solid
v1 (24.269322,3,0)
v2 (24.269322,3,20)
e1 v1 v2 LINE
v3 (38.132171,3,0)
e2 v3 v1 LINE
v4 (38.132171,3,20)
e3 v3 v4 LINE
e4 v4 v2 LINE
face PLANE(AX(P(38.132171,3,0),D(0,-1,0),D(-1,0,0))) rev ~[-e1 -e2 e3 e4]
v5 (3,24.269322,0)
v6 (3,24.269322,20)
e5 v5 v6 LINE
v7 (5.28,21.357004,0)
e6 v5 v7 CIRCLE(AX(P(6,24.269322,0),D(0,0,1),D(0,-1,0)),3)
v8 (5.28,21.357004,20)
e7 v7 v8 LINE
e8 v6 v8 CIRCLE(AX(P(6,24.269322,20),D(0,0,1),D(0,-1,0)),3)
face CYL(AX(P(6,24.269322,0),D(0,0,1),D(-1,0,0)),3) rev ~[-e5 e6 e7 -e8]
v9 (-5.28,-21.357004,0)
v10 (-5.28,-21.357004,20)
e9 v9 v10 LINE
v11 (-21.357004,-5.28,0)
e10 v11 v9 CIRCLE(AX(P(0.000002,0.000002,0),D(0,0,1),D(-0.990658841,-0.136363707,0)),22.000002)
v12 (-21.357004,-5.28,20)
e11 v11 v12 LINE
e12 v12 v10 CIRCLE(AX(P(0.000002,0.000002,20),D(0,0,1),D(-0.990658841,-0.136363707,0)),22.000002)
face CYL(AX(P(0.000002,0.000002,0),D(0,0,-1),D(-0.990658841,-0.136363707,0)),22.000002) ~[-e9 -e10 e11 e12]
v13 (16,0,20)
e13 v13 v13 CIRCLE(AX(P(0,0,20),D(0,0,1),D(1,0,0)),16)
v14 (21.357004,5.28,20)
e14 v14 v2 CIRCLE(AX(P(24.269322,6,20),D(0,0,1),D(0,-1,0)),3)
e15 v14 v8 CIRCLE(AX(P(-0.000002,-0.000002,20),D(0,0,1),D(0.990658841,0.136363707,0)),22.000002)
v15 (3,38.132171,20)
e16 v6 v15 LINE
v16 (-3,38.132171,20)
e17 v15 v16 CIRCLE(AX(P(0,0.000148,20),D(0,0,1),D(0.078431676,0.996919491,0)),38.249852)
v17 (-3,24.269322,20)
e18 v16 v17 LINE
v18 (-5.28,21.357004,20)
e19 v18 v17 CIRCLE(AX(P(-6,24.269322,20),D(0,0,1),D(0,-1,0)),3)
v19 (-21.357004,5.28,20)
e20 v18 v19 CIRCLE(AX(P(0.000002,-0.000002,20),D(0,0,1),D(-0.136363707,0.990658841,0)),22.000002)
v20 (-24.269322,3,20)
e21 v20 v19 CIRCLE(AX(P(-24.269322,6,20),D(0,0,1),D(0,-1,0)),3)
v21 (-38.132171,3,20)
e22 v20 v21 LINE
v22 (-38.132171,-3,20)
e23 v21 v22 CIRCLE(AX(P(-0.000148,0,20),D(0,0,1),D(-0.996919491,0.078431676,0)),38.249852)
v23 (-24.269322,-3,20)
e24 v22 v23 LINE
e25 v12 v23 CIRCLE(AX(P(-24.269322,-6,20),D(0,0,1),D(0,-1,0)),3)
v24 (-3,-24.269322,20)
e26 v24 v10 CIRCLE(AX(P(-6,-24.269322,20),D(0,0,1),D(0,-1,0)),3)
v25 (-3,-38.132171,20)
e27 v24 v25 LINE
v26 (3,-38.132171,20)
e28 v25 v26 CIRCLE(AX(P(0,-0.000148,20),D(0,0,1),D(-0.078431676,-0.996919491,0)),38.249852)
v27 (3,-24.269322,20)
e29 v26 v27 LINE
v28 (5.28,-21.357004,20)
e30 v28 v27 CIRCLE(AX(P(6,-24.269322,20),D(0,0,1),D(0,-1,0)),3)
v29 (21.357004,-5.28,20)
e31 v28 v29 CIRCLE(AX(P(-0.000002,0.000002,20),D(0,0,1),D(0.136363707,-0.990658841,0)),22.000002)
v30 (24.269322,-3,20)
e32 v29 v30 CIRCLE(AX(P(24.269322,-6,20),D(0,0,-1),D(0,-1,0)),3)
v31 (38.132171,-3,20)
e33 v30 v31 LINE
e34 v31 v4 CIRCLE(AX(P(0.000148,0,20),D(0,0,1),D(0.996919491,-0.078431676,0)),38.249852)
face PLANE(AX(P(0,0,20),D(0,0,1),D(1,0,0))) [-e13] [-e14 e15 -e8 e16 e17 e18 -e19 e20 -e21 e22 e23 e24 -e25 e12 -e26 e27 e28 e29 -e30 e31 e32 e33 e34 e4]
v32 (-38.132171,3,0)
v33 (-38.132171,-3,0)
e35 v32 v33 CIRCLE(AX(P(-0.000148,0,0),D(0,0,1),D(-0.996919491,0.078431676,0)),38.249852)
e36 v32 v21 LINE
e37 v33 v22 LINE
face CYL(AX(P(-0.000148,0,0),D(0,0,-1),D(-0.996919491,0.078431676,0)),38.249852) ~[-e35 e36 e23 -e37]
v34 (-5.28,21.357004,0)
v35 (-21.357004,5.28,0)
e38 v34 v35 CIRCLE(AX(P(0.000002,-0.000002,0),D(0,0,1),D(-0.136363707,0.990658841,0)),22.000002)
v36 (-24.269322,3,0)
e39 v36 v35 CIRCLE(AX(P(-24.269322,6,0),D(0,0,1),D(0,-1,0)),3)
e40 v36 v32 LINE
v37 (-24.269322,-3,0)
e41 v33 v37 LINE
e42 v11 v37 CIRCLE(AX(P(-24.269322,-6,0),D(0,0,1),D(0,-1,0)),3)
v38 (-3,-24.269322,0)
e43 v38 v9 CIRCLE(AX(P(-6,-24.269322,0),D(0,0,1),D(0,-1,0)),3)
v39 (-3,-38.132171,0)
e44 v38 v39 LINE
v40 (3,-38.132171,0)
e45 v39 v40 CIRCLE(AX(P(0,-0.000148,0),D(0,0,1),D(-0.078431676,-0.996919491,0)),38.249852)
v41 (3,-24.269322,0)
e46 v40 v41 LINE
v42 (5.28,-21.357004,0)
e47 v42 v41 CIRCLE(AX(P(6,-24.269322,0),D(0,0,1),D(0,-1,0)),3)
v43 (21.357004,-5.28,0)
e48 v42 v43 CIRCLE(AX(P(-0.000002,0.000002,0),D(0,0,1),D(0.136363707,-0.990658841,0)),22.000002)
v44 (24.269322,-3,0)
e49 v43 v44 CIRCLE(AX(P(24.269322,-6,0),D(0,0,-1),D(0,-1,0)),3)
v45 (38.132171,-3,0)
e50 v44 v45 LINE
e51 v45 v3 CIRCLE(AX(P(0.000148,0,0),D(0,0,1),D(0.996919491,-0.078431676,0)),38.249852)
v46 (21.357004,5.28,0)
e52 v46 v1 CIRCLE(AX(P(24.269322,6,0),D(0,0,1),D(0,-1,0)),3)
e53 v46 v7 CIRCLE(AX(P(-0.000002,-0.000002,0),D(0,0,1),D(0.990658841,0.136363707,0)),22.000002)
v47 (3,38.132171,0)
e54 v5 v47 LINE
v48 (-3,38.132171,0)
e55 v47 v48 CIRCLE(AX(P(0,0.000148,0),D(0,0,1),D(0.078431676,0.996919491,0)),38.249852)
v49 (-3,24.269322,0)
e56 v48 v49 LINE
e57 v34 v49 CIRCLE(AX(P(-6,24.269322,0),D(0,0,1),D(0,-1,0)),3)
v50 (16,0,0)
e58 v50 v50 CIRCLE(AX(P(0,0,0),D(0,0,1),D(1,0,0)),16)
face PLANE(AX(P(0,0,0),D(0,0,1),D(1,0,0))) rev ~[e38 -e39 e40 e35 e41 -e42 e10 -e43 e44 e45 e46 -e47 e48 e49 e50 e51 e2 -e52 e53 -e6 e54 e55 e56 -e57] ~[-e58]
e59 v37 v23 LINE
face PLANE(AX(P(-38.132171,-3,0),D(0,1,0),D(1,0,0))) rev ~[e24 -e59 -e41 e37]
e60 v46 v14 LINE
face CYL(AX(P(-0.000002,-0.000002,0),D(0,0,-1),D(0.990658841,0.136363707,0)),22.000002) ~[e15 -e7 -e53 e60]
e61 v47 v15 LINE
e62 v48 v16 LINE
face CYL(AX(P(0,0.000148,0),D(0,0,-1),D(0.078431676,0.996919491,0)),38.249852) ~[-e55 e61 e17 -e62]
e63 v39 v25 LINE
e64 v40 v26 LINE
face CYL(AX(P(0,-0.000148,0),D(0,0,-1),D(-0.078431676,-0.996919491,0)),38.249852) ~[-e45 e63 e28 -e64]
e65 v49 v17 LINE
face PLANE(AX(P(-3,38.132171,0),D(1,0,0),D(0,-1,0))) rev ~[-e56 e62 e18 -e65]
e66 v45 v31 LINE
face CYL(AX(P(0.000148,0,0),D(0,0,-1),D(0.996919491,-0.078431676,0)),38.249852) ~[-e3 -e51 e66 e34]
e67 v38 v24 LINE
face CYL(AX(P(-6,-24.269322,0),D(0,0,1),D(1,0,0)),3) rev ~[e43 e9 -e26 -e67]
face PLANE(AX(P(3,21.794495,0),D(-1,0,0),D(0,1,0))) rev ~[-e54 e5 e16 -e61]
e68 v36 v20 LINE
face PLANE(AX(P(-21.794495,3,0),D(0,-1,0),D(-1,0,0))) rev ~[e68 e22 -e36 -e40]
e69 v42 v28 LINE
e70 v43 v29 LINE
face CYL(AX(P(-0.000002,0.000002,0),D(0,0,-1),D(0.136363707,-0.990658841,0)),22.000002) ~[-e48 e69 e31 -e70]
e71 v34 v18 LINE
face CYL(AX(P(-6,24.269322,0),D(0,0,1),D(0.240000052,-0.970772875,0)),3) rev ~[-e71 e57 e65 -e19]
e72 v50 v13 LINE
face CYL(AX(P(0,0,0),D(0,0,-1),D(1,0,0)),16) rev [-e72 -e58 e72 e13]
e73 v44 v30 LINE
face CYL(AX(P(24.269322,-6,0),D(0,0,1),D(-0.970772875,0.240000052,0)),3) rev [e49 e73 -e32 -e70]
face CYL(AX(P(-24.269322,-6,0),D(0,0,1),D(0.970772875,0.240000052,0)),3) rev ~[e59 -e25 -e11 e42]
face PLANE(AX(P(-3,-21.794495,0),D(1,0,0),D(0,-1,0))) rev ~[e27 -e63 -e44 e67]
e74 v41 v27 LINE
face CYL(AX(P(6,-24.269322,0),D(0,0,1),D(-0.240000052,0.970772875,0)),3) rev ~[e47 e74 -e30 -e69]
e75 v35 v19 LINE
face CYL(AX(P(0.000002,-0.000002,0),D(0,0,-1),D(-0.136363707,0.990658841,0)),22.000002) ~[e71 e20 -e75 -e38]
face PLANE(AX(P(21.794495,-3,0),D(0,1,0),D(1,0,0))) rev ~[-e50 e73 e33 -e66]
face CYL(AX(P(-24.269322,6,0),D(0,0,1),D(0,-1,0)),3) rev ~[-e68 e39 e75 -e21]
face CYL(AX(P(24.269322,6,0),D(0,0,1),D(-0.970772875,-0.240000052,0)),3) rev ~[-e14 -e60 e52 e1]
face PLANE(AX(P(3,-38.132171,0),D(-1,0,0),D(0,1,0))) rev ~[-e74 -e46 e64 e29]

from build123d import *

# Parameters (mm, degrees)
SKETCH_R    = 16
PAD_DEPTH   = 20
FILLET_R    = 3
FILLET001_R = 3
FILLET002_R = 3
FILLET003_R = 3
FILLET004_R = 3
FILLET005_R = 3
FILLET006_R = 3
FILLET007_R = 3


with BuildPart() as part:
    # Sketch → Pad (new body)
    with BuildSketch(Plane.XY):
        with BuildLine():
            ThreePointArc((3, -21.794495), (15.556349, -15.556349), (21.794495, -3))
            Line((21.794495, -3), (38.132171, -3))
            ThreePointArc((38.132171, -3), (38.25, 0), (38.132171, 3))
            Line((38.132171, 3), (21.794495, 3))
            ThreePointArc((21.794495, 3), (15.556349, 15.556349), (3, 21.794495))
            Line((3, 21.794495), (3, 38.132171))
            ThreePointArc((3, 38.132171), (0, 38.25), (-3, 38.132171))
            Line((-3, 38.132171), (-3, 21.794495))
            ThreePointArc((-3, 21.794495), (-15.556349, 15.556349), (-21.794495, 3))
            Line((-21.794495, 3), (-38.132171, 3))
            ThreePointArc((-38.132171, 3), (-38.25, 0), (-38.132171, -3))
            Line((-38.132171, -3), (-21.794495, -3))
            ThreePointArc((-21.794495, -3), (-15.556349, -15.556349), (-3, -21.794495))
            Line((-3, -21.794495), (-3, -38.132171))
            ThreePointArc((-3, -38.132171), (0, -38.25), (3, -38.132171))
            Line((3, -38.132171), (3, -21.794495))
        make_face()
        Circle(SKETCH_R, mode=Mode.SUBTRACT)
    extrude(amount=PAD_DEPTH)

    # Fillet
    fillet_edges = [part.edges().sort_by_distance(p)[0] for p in [
        (3, -21.794495, 10),
    ]]
    fillet(fillet_edges, radius=FILLET_R)

    # Fillet001
    fillet001_edges = [part.edges().sort_by_distance(p)[0] for p in [
        (21.794495, -3, 10),
    ]]
    fillet(fillet001_edges, radius=FILLET001_R)

    # Fillet002
    fillet002_edges = [part.edges().sort_by_distance(p)[0] for p in [
        (-3, -21.794495, 10),
    ]]
    fillet(fillet002_edges, radius=FILLET002_R)

    # Fillet003
    fillet003_edges = [part.edges().sort_by_distance(p)[0] for p in [
        (-21.794495, -3, 10),
    ]]
    fillet(fillet003_edges, radius=FILLET003_R)

    # Fillet004
    fillet004_edges = [part.edges().sort_by_distance(p)[0] for p in [
        (-21.794495, 3, 10),
    ]]
    fillet(fillet004_edges, radius=FILLET004_R)

    # Fillet005
    fillet005_edges = [part.edges().sort_by_distance(p)[0] for p in [
        (-3, 21.794495, 10),
    ]]
    fillet(fillet005_edges, radius=FILLET005_R)

    # Fillet006
    fillet006_edges = [part.edges().sort_by_distance(p)[0] for p in [
        (3, 21.794495, 10),
    ]]
    fillet(fillet006_edges, radius=FILLET006_R)

    # Fillet007
    fillet007_edges = [part.edges().sort_by_distance(p)[0] for p in [
        (21.794495, 3, 10),
    ]]
    fillet(fillet007_edges, radius=FILLET007_R)


solid = part.part
